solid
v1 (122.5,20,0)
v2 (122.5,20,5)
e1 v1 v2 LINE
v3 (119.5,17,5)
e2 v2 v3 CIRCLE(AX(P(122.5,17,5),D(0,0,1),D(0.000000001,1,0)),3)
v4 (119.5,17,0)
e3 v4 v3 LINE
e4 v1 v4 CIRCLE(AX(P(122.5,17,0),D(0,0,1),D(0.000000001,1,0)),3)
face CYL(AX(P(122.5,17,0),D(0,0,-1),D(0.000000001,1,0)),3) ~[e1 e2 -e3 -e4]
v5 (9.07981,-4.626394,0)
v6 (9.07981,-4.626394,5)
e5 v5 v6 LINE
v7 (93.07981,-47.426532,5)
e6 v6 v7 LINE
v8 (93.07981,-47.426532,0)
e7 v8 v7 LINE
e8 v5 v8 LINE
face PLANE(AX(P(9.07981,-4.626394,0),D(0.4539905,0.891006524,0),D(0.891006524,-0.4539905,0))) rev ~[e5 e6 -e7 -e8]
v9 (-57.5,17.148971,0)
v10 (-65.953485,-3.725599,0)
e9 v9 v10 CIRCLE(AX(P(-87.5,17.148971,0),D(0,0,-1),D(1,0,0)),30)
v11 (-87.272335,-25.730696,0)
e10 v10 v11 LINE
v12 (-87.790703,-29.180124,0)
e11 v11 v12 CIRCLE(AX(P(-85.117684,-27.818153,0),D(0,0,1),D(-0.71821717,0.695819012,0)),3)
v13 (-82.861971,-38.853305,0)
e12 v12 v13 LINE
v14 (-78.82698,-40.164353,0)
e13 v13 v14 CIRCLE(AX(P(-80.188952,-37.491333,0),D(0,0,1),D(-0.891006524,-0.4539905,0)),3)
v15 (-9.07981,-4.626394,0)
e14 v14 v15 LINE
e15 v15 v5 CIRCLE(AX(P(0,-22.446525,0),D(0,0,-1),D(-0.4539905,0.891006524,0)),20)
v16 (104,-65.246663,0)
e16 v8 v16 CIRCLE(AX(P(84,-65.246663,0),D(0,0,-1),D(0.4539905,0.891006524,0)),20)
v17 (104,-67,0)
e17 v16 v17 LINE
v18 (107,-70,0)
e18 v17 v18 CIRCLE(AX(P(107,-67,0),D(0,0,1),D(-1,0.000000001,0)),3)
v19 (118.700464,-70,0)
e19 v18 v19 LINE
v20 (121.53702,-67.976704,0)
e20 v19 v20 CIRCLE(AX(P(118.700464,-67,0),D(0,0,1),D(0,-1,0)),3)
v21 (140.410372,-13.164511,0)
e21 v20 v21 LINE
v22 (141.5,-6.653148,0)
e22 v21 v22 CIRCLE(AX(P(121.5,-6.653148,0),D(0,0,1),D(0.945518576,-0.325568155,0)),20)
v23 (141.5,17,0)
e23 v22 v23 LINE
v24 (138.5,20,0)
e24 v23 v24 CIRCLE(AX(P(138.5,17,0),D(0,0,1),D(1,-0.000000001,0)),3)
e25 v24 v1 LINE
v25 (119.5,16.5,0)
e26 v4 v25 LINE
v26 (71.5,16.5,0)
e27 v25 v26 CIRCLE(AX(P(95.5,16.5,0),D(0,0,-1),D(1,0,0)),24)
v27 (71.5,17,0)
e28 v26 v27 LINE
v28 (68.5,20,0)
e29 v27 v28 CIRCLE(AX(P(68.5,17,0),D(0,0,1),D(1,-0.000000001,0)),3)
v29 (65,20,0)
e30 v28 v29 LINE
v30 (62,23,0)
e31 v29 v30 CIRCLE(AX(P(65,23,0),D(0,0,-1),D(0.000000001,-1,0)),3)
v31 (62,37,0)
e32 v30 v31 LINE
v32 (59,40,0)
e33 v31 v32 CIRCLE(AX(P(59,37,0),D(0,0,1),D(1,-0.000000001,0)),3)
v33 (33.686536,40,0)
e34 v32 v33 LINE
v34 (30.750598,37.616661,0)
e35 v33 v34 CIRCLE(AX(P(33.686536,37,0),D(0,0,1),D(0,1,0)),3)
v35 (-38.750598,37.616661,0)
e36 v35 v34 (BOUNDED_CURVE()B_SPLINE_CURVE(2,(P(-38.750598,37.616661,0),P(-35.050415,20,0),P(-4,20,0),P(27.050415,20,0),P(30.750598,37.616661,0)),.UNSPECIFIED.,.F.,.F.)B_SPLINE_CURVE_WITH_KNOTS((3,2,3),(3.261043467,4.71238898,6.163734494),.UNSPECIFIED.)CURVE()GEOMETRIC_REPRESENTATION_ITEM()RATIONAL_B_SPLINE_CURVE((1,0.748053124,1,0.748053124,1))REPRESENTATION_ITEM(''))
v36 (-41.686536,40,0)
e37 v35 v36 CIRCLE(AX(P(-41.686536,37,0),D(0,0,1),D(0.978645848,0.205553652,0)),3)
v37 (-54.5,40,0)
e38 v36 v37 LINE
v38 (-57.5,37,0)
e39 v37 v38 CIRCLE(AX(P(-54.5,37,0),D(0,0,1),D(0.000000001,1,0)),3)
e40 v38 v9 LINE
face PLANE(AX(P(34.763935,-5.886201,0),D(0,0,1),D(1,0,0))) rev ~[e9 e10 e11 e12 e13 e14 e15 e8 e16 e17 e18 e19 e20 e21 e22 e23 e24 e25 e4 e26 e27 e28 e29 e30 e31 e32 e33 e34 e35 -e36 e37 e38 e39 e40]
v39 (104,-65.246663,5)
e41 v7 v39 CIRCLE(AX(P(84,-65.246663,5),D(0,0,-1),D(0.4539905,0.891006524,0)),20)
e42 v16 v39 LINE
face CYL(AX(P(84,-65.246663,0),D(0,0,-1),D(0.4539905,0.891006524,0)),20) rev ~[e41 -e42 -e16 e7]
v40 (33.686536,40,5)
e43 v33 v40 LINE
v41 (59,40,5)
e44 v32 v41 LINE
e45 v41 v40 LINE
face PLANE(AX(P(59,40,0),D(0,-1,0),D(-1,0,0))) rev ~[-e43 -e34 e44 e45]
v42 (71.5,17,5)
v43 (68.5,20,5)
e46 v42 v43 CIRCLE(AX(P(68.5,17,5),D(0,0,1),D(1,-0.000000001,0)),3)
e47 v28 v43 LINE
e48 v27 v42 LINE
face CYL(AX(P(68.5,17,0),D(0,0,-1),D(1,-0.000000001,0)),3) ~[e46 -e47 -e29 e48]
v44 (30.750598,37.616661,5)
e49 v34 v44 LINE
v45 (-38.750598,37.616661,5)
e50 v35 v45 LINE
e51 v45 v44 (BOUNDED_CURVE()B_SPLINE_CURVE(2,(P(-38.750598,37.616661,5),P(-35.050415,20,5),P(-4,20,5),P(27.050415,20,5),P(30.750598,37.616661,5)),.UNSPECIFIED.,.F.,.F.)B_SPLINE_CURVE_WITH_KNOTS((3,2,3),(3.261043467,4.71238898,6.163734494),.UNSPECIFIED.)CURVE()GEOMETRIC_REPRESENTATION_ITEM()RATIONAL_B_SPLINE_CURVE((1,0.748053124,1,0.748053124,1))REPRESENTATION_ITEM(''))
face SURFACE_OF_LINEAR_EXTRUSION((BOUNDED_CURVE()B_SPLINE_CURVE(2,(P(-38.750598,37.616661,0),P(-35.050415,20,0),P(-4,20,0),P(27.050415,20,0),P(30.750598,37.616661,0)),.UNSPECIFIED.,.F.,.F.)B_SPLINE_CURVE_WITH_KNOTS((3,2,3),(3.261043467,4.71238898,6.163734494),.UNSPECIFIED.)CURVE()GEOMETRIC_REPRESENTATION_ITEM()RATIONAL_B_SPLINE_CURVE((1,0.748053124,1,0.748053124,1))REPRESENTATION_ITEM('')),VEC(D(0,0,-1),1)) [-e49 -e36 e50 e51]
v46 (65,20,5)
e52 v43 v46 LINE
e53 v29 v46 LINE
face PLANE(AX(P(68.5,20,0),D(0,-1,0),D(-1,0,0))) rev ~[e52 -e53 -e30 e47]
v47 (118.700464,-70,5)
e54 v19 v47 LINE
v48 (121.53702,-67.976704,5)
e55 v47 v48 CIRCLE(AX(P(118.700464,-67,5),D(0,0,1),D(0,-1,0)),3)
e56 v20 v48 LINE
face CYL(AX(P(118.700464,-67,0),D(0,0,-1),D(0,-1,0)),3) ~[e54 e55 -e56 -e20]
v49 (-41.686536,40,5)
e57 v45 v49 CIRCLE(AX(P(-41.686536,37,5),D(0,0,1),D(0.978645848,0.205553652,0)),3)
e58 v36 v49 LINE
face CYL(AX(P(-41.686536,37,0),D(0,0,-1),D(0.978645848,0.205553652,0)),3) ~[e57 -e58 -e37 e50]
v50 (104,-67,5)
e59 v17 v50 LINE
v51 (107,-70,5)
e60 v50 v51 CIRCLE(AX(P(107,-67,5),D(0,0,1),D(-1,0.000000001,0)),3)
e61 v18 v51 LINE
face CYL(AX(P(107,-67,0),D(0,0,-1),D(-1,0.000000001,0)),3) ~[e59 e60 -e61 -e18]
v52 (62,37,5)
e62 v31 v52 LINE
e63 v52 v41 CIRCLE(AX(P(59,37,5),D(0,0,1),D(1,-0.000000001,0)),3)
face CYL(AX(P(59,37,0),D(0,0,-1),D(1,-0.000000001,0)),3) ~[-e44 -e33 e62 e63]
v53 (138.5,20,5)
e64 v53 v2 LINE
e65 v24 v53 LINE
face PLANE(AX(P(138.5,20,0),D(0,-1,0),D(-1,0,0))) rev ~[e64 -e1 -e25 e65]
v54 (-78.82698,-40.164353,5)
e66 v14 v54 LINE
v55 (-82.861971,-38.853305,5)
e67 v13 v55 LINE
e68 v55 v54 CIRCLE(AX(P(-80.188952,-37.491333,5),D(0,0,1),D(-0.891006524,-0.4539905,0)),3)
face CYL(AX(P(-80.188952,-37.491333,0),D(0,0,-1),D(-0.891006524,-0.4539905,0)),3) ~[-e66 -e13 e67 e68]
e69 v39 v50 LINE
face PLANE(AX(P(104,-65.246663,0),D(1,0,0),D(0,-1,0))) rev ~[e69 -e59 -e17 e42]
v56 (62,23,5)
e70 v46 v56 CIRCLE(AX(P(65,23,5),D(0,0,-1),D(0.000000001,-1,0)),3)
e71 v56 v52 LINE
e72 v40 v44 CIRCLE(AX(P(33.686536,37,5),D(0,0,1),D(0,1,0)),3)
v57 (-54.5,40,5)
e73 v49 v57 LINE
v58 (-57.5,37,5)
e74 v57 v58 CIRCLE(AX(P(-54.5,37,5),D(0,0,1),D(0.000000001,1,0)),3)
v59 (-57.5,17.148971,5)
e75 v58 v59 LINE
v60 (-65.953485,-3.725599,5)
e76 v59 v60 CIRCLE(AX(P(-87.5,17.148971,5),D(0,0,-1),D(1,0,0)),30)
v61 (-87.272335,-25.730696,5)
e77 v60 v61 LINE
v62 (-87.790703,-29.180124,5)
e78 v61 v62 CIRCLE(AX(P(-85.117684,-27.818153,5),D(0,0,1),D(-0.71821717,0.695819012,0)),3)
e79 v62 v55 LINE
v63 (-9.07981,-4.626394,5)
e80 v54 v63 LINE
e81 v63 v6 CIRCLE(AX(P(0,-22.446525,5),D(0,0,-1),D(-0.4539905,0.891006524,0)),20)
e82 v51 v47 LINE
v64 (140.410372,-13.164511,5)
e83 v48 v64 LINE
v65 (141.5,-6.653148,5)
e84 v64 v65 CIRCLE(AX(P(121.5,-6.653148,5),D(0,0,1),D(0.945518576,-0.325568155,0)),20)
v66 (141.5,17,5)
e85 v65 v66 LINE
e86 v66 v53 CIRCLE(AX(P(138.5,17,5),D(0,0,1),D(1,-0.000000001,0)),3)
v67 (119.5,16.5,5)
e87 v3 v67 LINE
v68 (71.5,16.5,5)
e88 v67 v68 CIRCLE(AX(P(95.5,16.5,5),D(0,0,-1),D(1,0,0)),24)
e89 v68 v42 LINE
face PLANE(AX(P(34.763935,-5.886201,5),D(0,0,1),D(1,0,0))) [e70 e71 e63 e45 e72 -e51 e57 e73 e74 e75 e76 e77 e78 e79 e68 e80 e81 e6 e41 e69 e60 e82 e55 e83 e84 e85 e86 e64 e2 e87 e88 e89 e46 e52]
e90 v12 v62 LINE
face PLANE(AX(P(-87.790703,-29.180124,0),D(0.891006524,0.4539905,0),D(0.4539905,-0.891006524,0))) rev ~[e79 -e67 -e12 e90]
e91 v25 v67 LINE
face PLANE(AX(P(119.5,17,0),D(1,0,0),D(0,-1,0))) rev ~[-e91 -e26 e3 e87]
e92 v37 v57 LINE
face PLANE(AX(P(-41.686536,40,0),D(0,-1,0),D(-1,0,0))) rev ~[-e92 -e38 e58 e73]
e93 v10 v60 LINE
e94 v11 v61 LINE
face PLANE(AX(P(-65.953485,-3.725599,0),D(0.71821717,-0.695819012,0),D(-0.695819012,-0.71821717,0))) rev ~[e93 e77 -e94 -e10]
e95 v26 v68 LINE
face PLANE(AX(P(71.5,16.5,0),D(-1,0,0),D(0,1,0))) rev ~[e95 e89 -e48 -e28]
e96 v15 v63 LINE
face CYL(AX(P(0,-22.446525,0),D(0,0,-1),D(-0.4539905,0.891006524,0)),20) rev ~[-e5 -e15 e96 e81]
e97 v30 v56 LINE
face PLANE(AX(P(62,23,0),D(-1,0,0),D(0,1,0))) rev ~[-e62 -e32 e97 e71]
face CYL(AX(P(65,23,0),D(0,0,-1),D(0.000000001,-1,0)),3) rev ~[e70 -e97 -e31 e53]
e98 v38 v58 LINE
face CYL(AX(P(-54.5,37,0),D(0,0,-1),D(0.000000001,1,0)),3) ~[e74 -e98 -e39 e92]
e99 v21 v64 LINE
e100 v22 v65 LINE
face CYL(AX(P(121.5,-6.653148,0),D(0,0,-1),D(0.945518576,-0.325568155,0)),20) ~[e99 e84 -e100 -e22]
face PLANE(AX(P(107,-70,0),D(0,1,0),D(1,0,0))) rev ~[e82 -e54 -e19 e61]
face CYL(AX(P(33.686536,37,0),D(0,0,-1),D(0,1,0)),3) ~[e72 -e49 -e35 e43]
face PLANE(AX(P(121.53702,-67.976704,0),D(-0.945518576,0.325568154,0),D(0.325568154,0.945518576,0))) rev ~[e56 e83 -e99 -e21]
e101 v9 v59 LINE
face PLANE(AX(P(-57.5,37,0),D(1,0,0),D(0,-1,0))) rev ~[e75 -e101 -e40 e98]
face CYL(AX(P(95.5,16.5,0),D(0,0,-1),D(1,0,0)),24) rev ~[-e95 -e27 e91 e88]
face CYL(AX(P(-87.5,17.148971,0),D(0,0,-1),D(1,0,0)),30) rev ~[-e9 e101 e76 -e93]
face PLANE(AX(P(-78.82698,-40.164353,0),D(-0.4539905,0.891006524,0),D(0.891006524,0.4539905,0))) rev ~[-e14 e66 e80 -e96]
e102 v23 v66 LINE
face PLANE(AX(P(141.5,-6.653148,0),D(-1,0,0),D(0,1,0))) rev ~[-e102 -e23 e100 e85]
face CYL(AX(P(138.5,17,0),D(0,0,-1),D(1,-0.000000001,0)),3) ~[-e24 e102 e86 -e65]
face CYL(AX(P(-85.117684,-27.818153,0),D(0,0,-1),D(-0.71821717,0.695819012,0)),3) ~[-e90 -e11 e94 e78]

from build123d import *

# Parameters (mm, degrees)
EXTRUDE1_DEPTH = 5


with BuildPart() as part:
    # Sketch1 → Extrude1 (new body)
    with BuildSketch(Plane.XY):
        with BuildLine():
            Line((9.079809995, -4.626394269), (93.079809995, -47.426532026))
            ThreePointArc((93.079809995, -47.426532026), (101.052803287, -54.796691216), (104, -65.24666251))
            Line((104, -65.24666251), (104, -67))
            ThreePointArc((104, -67), (104.878679656, -69.121320344), (107, -70))
            Line((107, -70), (118.700463999, -70))
            ThreePointArc((118.700463999, -70), (120.442572866, -69.442346555), (121.537019726, -67.976704463))
            Line((121.537019726, -67.976704463), (140.410371512, -13.164510908))
            ThreePointArc((140.410371512, -13.164510908), (141.225712031, -9.954099936), (141.5, -6.653147818))
            Line((141.5, -6.653147818), (141.5, 17))
            ThreePointArc((141.5, 17), (140.621320344, 19.121320344), (138.5, 20))
            Line((138.5, 20), (122.5, 20))
            ThreePointArc((122.5, 20), (120.378679656, 19.121320344), (119.5, 17))
            Line((119.5, 17), (119.5, 16.5))
            ThreePointArc((119.5, 16.5), (95.5, -7.5), (71.5, 16.5))
            Line((71.5, 16.5), (71.5, 17))
            ThreePointArc((71.5, 17), (70.621320344, 19.121320344), (68.5, 20))
            Line((68.5, 20), (65, 20))
            ThreePointArc((65, 20), (62.878679656, 20.878679656), (62, 23))
            Line((62, 23), (62, 37))
            ThreePointArc((62, 37), (61.121320344, 39.121320344), (59, 40))
            Line((59, 40), (33.68653561, 40))
            ThreePointArc((33.68653561, 40), (31.795766306, 39.329161102), (30.750598067, 37.616660959))
            add(Edge.make_bspline(
                [(-38.750598067, 37.616660959), (-35.050414777, 20), (-4, 20), (27.050414777, 20), (30.750598067, 37.616660959)],
                knots=[3.261043467, 3.261043467, 3.261043467, 4.71238898, 4.71238898, 6.163734494, 6.163734494, 6.163734494], degree=2, weights=[1, 0.748053124, 1, 0.748053124, 1]))
            ThreePointArc((-38.750598067, 37.616660959), (-39.795766306, 39.329161102), (-41.68653561, 40))
            Line((-41.68653561, 40), (-54.5, 40))
            ThreePointArc((-54.5, 40), (-56.621320344, 39.121320344), (-57.5, 37))
            Line((-57.5, 37), (-57.5, 17.148970879))
            ThreePointArc((-57.5, 17.148970879), (-59.693566818, 5.888319313), (-65.953484912, -3.725599478))
            Line((-65.953484912, -3.725599478), (-87.272335061, -25.73069556))
            ThreePointArc((-87.272335061, -25.73069556), (-88.084372164, -27.372329), (-87.790703125, -29.180124095))
            Line((-87.790703125, -29.180124095), (-82.861971499, -38.853304561))
            ThreePointArc((-82.861971499, -38.853304561), (-81.11600291, -40.344502611), (-78.826980427, -40.164352635))
            Line((-78.826980427, -40.164352635), (-9.079809995, -4.626394269))
            ThreePointArc((-9.079809995, -4.626394269), (0, -2.446524753), (9.079809995, -4.626394269))
        make_face()
    extrude(amount=EXTRUDE1_DEPTH)


solid = part.part
